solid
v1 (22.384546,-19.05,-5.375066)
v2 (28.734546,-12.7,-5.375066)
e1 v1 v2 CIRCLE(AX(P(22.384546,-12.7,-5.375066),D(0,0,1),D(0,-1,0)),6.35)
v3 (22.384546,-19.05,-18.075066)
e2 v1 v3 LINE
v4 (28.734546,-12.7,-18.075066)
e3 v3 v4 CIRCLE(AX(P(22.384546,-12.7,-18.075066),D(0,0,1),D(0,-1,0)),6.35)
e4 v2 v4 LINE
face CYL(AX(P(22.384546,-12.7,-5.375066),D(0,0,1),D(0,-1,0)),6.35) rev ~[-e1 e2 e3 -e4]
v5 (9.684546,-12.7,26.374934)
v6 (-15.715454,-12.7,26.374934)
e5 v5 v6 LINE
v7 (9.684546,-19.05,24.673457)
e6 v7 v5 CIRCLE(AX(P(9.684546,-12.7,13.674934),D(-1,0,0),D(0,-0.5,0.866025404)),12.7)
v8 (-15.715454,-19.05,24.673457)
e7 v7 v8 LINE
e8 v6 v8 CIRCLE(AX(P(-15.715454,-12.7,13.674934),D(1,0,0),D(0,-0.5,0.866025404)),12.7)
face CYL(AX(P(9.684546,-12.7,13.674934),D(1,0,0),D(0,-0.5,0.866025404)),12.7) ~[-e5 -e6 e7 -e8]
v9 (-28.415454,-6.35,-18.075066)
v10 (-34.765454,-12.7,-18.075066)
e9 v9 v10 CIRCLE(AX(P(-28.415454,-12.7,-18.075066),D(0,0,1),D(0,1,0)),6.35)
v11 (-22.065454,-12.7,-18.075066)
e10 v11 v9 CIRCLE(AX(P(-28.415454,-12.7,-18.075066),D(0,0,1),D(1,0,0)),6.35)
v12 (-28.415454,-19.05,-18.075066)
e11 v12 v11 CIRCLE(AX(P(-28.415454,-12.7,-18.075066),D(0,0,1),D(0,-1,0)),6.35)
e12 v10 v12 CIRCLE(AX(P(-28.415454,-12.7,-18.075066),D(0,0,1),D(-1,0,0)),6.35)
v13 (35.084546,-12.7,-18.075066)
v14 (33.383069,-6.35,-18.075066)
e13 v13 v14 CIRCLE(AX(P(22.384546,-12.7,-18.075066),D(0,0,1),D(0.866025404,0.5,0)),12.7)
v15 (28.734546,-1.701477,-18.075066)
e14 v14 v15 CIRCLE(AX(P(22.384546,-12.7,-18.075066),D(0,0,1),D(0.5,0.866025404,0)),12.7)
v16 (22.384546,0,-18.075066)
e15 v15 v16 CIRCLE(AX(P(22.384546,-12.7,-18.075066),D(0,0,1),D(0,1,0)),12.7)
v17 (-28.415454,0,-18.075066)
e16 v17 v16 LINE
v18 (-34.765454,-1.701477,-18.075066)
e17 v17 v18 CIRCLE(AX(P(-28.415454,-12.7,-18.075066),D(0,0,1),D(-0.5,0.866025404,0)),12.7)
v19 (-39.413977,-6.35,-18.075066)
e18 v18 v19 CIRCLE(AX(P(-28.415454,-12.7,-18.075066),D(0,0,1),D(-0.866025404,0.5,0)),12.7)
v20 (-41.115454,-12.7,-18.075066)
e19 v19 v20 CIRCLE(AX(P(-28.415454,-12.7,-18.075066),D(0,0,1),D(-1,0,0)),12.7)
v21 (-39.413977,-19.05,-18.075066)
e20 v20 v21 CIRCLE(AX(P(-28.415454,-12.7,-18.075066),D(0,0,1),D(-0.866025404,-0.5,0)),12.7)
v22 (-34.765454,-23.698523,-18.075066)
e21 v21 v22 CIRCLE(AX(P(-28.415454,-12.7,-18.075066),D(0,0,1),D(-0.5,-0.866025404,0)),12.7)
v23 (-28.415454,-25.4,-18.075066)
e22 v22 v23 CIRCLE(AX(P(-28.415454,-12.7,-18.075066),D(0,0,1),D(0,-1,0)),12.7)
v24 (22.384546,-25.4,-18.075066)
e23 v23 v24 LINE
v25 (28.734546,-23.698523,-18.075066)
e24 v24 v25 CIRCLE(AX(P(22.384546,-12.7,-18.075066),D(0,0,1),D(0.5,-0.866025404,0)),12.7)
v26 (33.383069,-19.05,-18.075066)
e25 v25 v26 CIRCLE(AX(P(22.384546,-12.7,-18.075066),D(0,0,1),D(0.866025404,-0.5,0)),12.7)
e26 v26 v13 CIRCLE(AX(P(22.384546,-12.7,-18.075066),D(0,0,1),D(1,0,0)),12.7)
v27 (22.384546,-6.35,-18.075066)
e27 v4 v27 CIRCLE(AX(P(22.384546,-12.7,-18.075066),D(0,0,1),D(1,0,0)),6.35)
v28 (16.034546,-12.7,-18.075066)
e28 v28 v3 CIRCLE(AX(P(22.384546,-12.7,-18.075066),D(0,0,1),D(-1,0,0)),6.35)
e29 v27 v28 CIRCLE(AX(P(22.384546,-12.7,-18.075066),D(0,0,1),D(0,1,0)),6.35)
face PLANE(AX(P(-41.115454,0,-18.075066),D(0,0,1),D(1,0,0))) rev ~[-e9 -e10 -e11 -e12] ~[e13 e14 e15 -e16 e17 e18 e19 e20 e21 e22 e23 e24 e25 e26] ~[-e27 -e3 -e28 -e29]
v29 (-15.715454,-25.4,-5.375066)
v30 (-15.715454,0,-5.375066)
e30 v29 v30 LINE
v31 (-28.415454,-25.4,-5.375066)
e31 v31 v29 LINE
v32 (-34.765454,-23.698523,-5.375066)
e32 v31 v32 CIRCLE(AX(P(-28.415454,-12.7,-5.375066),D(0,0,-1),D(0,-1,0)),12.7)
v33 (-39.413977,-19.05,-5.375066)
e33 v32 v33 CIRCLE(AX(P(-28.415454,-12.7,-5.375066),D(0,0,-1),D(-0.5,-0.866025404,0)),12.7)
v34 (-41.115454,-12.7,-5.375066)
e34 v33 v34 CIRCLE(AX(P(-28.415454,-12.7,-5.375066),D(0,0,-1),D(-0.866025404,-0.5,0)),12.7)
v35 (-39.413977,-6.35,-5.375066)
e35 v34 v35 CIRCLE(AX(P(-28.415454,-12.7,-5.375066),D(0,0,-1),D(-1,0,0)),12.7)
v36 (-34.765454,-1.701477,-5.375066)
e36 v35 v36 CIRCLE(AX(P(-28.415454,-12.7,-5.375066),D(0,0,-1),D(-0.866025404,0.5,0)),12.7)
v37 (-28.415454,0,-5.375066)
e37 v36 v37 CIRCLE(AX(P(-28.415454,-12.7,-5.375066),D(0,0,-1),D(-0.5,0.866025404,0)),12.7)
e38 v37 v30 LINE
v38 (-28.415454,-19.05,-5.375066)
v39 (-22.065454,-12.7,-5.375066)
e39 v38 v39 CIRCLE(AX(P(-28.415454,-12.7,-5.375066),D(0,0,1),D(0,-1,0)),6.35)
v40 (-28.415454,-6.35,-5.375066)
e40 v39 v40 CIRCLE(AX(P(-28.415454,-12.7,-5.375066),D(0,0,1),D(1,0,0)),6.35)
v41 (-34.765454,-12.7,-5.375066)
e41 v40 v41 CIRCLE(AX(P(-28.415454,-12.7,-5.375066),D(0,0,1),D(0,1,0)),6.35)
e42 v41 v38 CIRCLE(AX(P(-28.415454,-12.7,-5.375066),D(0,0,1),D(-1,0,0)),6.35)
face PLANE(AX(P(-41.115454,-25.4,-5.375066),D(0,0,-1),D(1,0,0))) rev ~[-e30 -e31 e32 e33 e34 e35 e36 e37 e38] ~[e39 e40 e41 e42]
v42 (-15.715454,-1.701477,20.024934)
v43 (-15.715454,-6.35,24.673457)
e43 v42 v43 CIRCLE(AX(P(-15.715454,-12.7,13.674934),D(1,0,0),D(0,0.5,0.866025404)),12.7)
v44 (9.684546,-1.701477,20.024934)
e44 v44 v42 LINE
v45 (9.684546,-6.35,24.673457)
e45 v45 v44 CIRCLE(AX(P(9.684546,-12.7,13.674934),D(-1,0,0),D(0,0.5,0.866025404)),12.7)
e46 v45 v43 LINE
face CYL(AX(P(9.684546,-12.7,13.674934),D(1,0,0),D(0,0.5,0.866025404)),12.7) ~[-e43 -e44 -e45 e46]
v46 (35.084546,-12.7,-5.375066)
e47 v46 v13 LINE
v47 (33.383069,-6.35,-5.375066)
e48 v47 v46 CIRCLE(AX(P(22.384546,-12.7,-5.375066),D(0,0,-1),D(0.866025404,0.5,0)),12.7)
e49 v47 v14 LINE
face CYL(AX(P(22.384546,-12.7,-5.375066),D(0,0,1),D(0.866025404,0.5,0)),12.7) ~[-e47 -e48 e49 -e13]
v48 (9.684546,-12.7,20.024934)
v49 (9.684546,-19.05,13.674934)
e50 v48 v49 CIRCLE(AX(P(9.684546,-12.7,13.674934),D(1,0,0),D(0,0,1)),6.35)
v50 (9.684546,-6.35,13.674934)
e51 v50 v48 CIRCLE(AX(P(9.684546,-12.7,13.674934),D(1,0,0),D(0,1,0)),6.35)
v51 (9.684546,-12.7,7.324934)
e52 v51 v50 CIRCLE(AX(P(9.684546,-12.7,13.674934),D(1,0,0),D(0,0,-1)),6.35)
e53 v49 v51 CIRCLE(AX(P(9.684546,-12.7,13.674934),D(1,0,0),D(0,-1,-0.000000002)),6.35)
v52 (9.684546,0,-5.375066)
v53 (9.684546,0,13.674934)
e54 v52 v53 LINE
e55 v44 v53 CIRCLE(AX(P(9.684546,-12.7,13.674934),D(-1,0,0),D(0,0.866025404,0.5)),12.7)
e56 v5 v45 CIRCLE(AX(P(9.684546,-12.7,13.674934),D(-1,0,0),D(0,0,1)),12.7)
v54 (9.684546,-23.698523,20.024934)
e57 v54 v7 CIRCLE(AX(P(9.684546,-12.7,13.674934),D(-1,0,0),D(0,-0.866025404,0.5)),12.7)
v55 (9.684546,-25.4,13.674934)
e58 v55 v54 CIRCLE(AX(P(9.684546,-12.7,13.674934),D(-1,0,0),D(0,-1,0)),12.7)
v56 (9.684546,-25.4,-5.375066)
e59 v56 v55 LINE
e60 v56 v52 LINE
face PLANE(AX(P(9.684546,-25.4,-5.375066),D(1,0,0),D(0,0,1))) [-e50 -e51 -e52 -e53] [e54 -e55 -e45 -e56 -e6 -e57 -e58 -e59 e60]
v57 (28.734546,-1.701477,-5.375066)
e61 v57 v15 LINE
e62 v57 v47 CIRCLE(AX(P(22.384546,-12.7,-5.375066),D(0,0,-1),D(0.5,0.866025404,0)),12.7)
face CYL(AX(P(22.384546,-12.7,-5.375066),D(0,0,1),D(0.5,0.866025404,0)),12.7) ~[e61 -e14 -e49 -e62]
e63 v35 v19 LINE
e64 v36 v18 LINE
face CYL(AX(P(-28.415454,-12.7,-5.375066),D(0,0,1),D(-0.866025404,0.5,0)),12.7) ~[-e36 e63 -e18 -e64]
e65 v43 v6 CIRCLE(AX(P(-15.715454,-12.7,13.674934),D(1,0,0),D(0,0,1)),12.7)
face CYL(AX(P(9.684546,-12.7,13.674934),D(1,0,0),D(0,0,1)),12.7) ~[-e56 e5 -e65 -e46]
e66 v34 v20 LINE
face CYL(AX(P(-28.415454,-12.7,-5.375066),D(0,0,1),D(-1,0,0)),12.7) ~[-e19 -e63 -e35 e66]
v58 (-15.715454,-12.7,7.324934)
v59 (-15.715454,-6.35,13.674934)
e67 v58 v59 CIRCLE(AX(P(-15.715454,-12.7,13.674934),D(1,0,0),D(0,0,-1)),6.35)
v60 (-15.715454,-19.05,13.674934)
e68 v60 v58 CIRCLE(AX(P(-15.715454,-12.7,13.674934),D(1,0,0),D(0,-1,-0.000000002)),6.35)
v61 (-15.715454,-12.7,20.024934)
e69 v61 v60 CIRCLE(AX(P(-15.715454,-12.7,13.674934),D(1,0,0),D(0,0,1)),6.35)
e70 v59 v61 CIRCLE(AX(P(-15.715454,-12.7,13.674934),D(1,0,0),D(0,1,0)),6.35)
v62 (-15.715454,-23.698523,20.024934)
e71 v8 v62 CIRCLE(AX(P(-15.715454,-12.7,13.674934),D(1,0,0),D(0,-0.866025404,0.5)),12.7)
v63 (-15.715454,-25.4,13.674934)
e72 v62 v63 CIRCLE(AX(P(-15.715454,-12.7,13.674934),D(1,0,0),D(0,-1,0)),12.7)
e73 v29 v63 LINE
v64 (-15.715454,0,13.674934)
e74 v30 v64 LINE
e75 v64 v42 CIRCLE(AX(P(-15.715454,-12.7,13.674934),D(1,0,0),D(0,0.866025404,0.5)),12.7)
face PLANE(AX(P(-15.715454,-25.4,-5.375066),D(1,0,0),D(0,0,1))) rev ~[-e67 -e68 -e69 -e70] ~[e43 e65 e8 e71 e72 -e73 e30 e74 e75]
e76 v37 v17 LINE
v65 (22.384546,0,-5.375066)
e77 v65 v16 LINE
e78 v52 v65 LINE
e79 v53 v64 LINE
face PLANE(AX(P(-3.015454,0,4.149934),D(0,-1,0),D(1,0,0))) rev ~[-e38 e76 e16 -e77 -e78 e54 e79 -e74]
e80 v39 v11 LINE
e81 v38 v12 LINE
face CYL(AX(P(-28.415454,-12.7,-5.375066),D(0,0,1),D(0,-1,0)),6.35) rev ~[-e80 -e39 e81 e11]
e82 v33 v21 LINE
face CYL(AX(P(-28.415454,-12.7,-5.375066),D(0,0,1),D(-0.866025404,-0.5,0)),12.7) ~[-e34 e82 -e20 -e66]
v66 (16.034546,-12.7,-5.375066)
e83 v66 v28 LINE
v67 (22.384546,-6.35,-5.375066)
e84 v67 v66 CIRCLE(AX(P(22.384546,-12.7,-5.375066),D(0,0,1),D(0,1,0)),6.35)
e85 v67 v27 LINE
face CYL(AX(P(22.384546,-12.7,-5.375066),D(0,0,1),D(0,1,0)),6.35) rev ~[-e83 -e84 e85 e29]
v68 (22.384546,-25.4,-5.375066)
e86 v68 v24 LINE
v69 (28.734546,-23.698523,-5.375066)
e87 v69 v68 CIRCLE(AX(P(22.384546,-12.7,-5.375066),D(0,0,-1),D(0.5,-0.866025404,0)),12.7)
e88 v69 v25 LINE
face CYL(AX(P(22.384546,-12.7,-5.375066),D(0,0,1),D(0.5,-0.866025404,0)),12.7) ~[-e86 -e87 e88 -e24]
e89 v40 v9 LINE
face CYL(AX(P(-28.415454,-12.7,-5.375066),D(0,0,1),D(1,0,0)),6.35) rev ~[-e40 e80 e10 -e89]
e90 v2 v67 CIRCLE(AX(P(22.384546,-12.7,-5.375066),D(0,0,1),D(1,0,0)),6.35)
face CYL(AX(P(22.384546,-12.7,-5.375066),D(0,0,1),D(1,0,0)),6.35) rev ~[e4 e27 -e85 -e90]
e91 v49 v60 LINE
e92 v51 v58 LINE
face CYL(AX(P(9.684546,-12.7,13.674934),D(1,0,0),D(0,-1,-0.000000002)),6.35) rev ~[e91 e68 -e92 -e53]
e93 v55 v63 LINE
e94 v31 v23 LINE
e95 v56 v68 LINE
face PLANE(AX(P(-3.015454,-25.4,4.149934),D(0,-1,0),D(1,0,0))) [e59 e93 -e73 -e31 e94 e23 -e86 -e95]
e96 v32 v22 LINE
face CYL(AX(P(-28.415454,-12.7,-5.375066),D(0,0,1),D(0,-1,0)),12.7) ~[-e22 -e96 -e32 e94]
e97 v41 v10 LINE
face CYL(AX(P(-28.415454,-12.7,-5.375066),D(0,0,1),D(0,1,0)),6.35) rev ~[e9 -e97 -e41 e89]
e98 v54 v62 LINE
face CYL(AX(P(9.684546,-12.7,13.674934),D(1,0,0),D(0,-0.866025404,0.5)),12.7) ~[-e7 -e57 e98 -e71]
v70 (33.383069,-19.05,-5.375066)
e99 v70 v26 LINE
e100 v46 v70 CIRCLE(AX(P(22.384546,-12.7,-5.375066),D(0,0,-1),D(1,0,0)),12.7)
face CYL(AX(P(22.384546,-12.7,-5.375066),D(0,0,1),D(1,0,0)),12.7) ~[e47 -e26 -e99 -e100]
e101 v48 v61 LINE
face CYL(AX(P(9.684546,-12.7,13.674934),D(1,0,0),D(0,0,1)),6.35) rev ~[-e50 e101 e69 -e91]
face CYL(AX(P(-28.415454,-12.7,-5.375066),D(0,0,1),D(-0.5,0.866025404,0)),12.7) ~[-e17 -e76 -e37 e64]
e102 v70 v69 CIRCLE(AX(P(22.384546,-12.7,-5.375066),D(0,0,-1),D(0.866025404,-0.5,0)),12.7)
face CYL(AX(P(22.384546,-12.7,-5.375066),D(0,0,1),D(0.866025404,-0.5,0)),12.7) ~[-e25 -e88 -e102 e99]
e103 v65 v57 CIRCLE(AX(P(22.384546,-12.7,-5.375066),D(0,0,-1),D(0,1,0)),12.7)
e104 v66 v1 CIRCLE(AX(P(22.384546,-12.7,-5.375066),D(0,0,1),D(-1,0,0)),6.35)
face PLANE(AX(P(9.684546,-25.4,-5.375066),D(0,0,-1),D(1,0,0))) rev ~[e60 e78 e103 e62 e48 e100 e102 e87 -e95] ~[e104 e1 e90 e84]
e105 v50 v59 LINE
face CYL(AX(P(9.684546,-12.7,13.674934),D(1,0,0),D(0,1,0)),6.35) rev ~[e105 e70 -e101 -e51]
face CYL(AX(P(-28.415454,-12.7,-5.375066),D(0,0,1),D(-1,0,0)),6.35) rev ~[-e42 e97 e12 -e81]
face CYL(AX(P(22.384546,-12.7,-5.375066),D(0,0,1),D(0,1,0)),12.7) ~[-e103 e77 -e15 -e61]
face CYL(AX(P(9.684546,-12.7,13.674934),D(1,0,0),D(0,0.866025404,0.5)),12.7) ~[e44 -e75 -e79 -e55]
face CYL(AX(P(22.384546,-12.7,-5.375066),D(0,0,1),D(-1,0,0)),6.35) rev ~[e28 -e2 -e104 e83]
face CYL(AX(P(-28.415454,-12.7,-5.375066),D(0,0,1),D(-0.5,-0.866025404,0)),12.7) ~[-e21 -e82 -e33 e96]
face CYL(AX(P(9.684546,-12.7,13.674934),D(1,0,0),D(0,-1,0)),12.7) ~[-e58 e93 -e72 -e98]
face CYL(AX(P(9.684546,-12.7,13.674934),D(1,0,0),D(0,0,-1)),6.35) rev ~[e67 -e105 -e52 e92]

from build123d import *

# Parameters (mm, degrees)
F0_W     = 76.2
F0_H     = 44.45
F1_DEPTH = 25.4
F2_W     = 25.4
F2_H     = 31.75
F3_DEPTH = 25.401
F5_DEPTH = 50.801
F7_DEPTH = 12.701
F9_DEPTH = 12.701


with BuildPart() as f1:
    # F0 (on Front) → F1 (new body)
    with BuildSketch(Plane.XZ):
        with Locations((-3.0154539272, 4.1499344332)):
            Rectangle(F0_W, F0_H)
    extrude(amount=F1_DEPTH)

    # F2 (on face) → F3 (cut, through all)
    with BuildSketch(Plane.XZ.offset(25.4)):
        with Locations((-28.4154539272, 10.4999344332)):
            Rectangle(F2_W, F2_H)
        with Locations((22.3845460728, 10.4999344332)):
            Rectangle(F2_W, F2_H)
    extrude(amount=-F3_DEPTH, mode=Mode.SUBTRACT)

    # F4 (on face) → F5 (cut, through all)
    with BuildSketch(Plane.YZ.offset(9.6845460728)):
        with BuildLine():
            ThreePointArc((-12.7, 20.0249344332), (-17.1901280646, 18.1650624897), (-19.05, 13.6749344217))
            Line((-19.05, 13.6749344332), (-6.35, 13.6749344332))
            ThreePointArc((-6.35, 13.6749344332), (-8.2098719395, 18.1650624937), (-12.7, 20.0249344332))
        make_face()
        with BuildLine():
            Line((-6.35, 13.6749344332), (-19.05, 13.6749344332))
            ThreePointArc((-19.05, 13.6749344217), (-17.1901280565, 9.1848063686), (-12.7, 7.3249344332))
            ThreePointArc((-12.7, 7.3249344332), (-8.2098719395, 9.1848063726), (-6.35, 13.6749344332))
        make_face()
        with BuildLine():
            Line((-6.35, 26.3749344332), (-6.35, 24.6734570612))
            ThreePointArc((-6.35, 24.6734570612), (-3.7197438789, 22.6551905542), (-1.7014773719, 20.0249344332))
            Line((-1.7014773719, 20.0249344332), (0, 20.0249344332))
            Line((0, 20.0249344332), (0, 26.3749344332))
            Line((0, 26.3749344332), (-6.35, 26.3749344332))
        make_face()
        with BuildLine():
            Line((-25.4, 26.3749344332), (-25.4, 20.0249344332))
            Line((-25.4, 20.0249344332), (-23.6985226281, 20.0249344332))
            ThreePointArc((-23.6985226281, 20.0249344332), (-21.6802561211, 22.6551905542), (-19.05, 24.6734570612))
            Line((-19.05, 24.6734570612), (-19.05, 26.3749344332))
            Line((-19.05, 26.3749344332), (-25.4, 26.3749344332))
        make_face()
        with BuildLine():
            Line((-19.05, 26.3749344332), (-19.05, 24.6734570612))
            ThreePointArc((-19.05, 24.6734570612), (-15.9870018728, 25.942192427), (-12.7, 26.3749344332))
            Line((-12.7, 26.3749344332), (-19.05, 26.3749344332))
        make_face()
        with BuildLine():
            Line((-6.35, 26.3749344332), (-12.7, 26.3749344332))
            ThreePointArc((-12.7, 26.3749344332), (-9.4129981272, 25.942192427), (-6.35, 24.6734570612))
            Line((-6.35, 24.6734570612), (-6.35, 26.3749344332))
        make_face()
        with BuildLine():
            Line((-23.6985226281, 20.0249344332), (-25.4, 20.0249344332))
            Line((-25.4, 20.0249344332), (-25.4, 13.6749344332))
            ThreePointArc((-25.4, 13.6749344332), (-24.9672579939, 16.961936306), (-23.6985226281, 20.0249344332))
        make_face()
        with BuildLine():
            ThreePointArc((-1.7014773719, 20.0249344332), (-0.4327420061, 16.961936306), (0, 13.6749344332))
            Line((0, 13.6749344332), (0, 20.0249344332))
            Line((0, 20.0249344332), (-1.7014773719, 20.0249344332))
        make_face()
    extrude(amount=-F5_DEPTH, mode=Mode.SUBTRACT)

    # F6 (on face) → F7 (cut, through all)
    with BuildSketch(Plane.XY.offset(-5.3750655668)):
        with BuildLine():
            ThreePointArc((-22.0654539272, -12.7), (-23.9253258667, -8.2098719395), (-28.4154539272, -6.35))
            Line((-28.4154539272, -6.35), (-28.4154539272, -19.05))
            ThreePointArc((-28.4154539272, -19.05), (-23.9253258667, -17.1901280605), (-22.0654539272, -12.7))
        make_face()
        with BuildLine():
            Line((-28.4154539272, -19.05), (-28.4154539272, -6.35))
            ThreePointArc((-28.4154539272, -6.35), (-32.9055819878, -8.2098719395), (-34.7654539272, -12.7))
            ThreePointArc((-34.7654539272, -12.7), (-32.9055819878, -17.1901280605), (-28.4154539272, -19.05))
        make_face()
        with BuildLine():
            Line((-34.7654539272, -1.7014773719), (-34.7654539272, 0))
            Line((-34.7654539272, 0), (-41.1154539272, 0))
            Line((-41.1154539272, 0), (-41.1154539272, -6.35))
            Line((-41.1154539272, -6.35), (-39.4139765553, -6.35))
            ThreePointArc((-39.4139765553, -6.35), (-37.3957100483, -3.7197438789), (-34.7654539272, -1.7014773719))
        make_face()
        with BuildLine():
            ThreePointArc((-41.1154539272, -12.7), (-40.6827119211, -9.4129981272), (-39.4139765553, -6.35))
            Line((-39.4139765553, -6.35), (-41.1154539272, -6.35))
            Line((-41.1154539272, -6.35), (-41.1154539272, -12.7))
        make_face()
        with BuildLine():
            Line((-28.4154539272, 0), (-34.7654539272, 0))
            Line((-34.7654539272, 0), (-34.7654539272, -1.7014773719))
            ThreePointArc((-34.7654539272, -1.7014773719), (-31.7024558, -0.4327420061), (-28.4154539272, 0))
        make_face()
        with BuildLine():
            ThreePointArc((-39.4139765553, -19.05), (-40.6827119211, -15.9870018728), (-41.1154539272, -12.7))
            Line((-41.1154539272, -12.7), (-41.1154539272, -19.05))
            Line((-41.1154539272, -19.05), (-39.4139765553, -19.05))
        make_face()
        with BuildLine():
            ThreePointArc((-34.7654539272, -23.6985226281), (-37.3957100483, -21.6802561211), (-39.4139765553, -19.05))
            Line((-39.4139765553, -19.05), (-41.1154539272, -19.05))
            Line((-41.1154539272, -19.05), (-41.1154539272, -25.4))
            Line((-41.1154539272, -25.4), (-34.7654539272, -25.4))
            Line((-34.7654539272, -25.4), (-34.7654539272, -23.6985226281))
        make_face()
        with BuildLine():
            Line((-34.7654539272, -25.4), (-28.4154539272, -25.4))
            ThreePointArc((-28.4154539272, -25.4), (-31.7024558, -24.9672579939), (-34.7654539272, -23.6985226281))
            Line((-34.7654539272, -23.6985226281), (-34.7654539272, -25.4))
        make_face()
    extrude(amount=-F7_DEPTH, mode=Mode.SUBTRACT)

    # F8 (on face) → F9 (cut, through all)
    with BuildSketch(Plane.XY.offset(-5.3750655668)):
        with BuildLine():
            ThreePointArc((28.7345460728, -12.7), (26.8746741333, -8.2098719395), (22.3845460728, -6.35))
            Line((22.3845460728, -6.35), (22.3845460728, -19.05))
            ThreePointArc((22.3845460728, -19.05), (26.8746741333, -17.1901280605), (28.7345460728, -12.7))
        make_face()
        with BuildLine():
            ThreePointArc((22.3845460728, -6.35), (17.8944180122, -8.2098719395), (16.0345460728, -12.7))
            ThreePointArc((16.0345460728, -12.7), (17.8944180122, -17.1901280605), (22.3845460728, -19.05))
            Line((22.3845460728, -19.05), (22.3845460728, -6.35))
        make_face()
        with BuildLine():
            ThreePointArc((28.7345460728, -23.6985226281), (25.6715479456, -24.9672579939), (22.3845460728, -25.4))
            Line((22.3845460728, -25.4), (28.7345460728, -25.4))
            Line((28.7345460728, -25.4), (28.7345460728, -23.6985226281))
        make_face()
        with BuildLine():
            ThreePointArc((33.3830687008, -19.05), (31.3648021939, -21.6802561211), (28.7345460728, -23.6985226281))
            Line((28.7345460728, -23.6985226281), (28.7345460728, -25.4))
            Line((28.7345460728, -25.4), (35.0845460728, -25.4))
            Line((35.0845460728, -25.4), (35.0845460728, -19.05))
            Line((35.0845460728, -19.05), (33.3830687008, -19.05))
        make_face()
        with BuildLine():
            Line((35.0845460728, -19.05), (35.0845460728, -12.7))
            ThreePointArc((35.0845460728, -12.7), (34.6518040667, -15.9870018728), (33.3830687008, -19.05))
            Line((33.3830687008, -19.05), (35.0845460728, -19.05))
        make_face()
        with BuildLine():
            Line((35.0845460728, -6.35), (33.3830687008, -6.35))
            ThreePointArc((33.3830687008, -6.35), (34.6518040667, -9.4129981272), (35.0845460728, -12.7))
            Line((35.0845460728, -12.7), (35.0845460728, -6.35))
        make_face()
        with BuildLine():
            Line((28.7345460728, 0), (28.7345460728, -1.7014773719))
            ThreePointArc((28.7345460728, -1.7014773719), (31.3648021939, -3.7197438789), (33.3830687008, -6.35))
            Line((33.3830687008, -6.35), (35.0845460728, -6.35))
            Line((35.0845460728, -6.35), (35.0845460728, 0))
            Line((35.0845460728, 0), (28.7345460728, 0))
        make_face()
        with BuildLine():
            Line((28.7345460728, 0), (22.3845460728, 0))
            ThreePointArc((22.3845460728, 0), (25.6715479456, -0.4327420061), (28.7345460728, -1.7014773719))
            Line((28.7345460728, -1.7014773719), (28.7345460728, 0))
        make_face()
    extrude(amount=-F9_DEPTH, mode=Mode.SUBTRACT)


solid = f1.part
